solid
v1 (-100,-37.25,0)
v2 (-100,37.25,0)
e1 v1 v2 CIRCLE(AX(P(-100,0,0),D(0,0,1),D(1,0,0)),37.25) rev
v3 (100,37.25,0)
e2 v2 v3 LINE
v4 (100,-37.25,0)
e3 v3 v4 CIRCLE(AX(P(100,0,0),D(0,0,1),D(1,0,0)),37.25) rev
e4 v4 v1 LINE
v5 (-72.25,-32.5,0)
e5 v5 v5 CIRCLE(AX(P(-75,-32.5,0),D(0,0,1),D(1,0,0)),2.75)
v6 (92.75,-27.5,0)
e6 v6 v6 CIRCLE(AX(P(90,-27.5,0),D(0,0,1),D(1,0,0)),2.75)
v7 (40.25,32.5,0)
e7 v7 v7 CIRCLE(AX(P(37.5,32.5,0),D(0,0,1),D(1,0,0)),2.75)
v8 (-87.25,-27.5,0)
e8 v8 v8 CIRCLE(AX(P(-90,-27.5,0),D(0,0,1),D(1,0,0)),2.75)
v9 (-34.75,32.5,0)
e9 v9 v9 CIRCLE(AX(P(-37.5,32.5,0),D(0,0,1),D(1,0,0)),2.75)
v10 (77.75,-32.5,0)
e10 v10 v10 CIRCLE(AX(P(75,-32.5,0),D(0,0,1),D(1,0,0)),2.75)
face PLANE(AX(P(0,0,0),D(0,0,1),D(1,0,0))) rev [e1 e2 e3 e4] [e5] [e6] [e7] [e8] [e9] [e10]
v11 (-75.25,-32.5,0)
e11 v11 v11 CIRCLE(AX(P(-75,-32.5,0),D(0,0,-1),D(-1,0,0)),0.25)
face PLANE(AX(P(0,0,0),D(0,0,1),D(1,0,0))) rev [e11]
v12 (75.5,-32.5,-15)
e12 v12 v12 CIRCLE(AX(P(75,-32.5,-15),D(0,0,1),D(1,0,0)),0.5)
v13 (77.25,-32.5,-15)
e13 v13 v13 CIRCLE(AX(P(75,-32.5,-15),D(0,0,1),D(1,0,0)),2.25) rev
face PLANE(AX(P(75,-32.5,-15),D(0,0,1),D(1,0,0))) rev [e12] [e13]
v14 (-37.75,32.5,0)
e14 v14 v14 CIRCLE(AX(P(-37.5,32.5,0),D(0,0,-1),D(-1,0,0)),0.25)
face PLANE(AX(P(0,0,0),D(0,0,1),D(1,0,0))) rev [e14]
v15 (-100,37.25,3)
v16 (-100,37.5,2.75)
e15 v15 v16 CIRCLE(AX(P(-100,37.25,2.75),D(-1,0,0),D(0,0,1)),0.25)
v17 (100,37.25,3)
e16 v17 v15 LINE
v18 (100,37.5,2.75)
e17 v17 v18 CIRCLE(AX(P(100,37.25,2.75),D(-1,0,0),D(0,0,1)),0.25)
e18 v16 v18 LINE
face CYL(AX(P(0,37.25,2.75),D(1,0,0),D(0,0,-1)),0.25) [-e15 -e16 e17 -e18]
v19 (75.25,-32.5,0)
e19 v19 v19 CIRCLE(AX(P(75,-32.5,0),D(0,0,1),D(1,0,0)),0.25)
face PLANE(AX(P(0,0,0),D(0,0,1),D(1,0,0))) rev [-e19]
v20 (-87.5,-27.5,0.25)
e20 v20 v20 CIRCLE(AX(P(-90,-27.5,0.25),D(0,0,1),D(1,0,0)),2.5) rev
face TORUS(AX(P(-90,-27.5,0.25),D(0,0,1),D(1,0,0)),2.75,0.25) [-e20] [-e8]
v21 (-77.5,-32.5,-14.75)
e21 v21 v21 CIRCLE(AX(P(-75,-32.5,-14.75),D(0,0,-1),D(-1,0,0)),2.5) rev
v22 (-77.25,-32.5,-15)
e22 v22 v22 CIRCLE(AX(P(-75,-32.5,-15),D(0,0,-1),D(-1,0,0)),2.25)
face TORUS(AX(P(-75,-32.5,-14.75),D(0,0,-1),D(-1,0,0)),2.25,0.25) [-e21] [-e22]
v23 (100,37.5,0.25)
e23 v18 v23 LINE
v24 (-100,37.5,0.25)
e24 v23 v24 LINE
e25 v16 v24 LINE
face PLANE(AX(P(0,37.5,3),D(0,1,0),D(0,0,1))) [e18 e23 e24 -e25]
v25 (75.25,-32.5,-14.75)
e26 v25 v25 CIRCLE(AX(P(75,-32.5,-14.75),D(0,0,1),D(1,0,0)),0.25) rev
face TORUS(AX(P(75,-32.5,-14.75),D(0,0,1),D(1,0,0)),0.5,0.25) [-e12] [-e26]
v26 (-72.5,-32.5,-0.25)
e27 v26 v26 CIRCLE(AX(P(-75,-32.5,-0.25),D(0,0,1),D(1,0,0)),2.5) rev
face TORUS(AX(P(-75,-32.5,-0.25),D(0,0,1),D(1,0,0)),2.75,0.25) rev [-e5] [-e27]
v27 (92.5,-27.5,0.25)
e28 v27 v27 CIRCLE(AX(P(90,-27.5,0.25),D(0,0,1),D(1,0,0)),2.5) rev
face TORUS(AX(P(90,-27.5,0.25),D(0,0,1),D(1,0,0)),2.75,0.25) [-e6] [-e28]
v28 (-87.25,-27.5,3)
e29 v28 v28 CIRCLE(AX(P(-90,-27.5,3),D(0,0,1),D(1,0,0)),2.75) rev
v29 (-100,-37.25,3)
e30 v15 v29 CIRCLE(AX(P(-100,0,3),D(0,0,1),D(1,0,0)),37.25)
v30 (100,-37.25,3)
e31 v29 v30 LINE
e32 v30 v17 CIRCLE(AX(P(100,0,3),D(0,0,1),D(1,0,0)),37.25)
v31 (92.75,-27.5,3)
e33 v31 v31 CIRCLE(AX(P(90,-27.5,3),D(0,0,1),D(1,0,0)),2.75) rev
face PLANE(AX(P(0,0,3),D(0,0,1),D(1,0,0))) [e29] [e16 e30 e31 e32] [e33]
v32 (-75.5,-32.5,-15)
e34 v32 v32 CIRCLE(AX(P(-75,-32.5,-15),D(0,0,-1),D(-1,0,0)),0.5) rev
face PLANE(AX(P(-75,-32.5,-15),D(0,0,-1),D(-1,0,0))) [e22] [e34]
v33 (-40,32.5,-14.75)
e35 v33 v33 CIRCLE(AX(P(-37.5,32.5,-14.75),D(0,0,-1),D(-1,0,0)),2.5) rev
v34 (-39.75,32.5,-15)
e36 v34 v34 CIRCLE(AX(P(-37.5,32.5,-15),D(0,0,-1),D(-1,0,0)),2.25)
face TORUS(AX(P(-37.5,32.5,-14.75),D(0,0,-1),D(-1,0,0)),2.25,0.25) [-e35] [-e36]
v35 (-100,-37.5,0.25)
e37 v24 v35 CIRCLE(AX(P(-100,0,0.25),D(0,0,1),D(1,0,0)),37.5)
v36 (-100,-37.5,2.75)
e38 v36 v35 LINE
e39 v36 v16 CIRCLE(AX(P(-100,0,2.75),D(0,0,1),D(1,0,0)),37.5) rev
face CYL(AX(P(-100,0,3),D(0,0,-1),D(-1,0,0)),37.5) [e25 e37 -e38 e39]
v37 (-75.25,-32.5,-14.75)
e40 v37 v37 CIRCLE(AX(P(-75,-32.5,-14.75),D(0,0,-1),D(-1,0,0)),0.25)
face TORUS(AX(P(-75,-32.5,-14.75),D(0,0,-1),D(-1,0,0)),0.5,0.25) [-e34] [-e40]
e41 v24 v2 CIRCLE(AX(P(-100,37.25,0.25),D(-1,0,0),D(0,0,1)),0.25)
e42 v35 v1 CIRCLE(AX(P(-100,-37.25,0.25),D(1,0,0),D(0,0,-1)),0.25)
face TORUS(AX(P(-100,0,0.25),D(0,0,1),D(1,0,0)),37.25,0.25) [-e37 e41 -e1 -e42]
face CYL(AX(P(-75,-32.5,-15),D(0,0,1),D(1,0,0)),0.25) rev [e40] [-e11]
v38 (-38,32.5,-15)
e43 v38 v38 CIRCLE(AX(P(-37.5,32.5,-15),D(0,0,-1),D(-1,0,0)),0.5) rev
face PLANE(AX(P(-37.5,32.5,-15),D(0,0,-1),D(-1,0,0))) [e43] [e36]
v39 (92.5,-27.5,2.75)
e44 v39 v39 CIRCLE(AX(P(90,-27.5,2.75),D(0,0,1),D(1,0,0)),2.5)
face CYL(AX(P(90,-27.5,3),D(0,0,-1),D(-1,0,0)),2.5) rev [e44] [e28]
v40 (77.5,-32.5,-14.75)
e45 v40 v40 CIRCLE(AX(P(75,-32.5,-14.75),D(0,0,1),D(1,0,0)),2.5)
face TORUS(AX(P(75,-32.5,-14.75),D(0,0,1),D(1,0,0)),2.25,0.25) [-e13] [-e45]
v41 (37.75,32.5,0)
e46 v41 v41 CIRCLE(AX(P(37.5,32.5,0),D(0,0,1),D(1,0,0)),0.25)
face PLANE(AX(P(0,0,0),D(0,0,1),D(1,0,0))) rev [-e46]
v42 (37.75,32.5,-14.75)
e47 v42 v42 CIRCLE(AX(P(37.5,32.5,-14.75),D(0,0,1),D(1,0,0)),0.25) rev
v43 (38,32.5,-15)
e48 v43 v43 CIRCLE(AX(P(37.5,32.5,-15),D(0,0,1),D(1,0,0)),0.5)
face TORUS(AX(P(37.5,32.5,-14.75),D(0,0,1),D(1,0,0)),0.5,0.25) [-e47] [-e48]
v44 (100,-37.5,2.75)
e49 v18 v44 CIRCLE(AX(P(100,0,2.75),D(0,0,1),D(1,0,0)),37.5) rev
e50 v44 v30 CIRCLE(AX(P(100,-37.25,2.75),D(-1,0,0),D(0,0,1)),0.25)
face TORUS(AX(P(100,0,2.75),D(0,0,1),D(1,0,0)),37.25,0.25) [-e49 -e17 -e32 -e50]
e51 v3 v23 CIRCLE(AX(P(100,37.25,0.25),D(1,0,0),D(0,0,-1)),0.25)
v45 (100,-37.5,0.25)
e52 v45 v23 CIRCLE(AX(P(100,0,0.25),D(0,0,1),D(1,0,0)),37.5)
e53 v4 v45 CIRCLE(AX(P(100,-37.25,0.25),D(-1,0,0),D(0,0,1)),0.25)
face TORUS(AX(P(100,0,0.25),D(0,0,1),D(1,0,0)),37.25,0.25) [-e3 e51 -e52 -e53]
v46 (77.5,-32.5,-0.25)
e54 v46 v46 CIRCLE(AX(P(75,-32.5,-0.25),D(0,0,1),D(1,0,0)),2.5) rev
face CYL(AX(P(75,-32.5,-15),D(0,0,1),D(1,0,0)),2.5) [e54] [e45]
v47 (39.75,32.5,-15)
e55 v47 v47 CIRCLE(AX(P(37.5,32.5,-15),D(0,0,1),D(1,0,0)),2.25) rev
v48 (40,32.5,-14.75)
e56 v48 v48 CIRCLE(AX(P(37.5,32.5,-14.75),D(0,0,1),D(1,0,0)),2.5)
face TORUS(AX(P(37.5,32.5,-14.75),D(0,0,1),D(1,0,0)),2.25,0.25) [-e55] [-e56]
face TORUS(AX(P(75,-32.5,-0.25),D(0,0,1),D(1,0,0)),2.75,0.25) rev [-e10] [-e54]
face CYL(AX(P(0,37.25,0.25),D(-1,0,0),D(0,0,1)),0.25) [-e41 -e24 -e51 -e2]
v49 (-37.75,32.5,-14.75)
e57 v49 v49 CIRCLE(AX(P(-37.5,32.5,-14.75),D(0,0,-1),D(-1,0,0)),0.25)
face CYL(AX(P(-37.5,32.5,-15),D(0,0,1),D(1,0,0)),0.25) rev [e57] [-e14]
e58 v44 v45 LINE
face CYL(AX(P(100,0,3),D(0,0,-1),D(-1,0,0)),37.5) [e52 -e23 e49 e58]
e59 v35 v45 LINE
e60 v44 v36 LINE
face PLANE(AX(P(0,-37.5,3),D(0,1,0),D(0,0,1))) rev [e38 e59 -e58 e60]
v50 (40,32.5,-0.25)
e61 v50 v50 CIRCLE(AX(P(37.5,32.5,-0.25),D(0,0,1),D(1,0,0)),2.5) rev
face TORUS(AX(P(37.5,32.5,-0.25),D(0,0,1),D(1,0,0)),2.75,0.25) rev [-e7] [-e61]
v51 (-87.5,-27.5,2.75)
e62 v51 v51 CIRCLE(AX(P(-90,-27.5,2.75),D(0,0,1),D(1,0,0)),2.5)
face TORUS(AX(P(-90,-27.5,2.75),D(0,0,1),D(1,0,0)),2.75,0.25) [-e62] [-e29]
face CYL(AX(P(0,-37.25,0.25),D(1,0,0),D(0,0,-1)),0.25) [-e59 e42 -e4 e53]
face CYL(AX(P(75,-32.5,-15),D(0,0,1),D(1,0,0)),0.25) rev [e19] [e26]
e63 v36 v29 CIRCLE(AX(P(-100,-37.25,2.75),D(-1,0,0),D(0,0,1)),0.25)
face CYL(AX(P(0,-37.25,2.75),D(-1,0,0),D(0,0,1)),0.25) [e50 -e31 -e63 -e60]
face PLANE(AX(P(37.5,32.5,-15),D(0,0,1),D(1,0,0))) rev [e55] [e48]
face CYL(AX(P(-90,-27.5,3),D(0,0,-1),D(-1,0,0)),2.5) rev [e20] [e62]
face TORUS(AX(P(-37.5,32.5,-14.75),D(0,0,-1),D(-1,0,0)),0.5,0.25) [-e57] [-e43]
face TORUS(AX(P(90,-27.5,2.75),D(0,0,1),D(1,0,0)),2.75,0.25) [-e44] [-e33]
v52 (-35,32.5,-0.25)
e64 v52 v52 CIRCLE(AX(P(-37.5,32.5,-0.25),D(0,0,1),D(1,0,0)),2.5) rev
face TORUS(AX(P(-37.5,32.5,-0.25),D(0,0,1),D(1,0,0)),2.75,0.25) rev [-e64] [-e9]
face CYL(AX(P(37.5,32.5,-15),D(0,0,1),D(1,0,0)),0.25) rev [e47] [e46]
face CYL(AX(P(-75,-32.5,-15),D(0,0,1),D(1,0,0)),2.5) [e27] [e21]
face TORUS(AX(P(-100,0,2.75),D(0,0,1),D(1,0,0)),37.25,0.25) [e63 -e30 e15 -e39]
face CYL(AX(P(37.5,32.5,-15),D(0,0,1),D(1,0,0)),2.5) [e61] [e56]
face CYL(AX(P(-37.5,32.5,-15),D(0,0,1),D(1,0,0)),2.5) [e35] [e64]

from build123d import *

# Parameters (mm, degrees)
SKETCH1_R           = 2.5
BOSS_EXTRUDE2_DEPTH = 3
SKETCH1_4_R         = 2.5
SKETCH1_4_R_2       = 0.25
EXTRUDE_THIN1_DEPTH = 15
FILLET2_R           = 0.25
FILLET3_R           = 0.25


with BuildPart() as part:
    # Sketch1 → Boss-Extrude2 (new body)
    with BuildSketch(Plane.XY):
        with BuildLine():
            Line((100, 37.5), (-100, 37.5))
            ThreePointArc((-100, 37.5), (-137.5, 0), (-100, -37.5))
            Line((-100, -37.5), (100, -37.5))
            ThreePointArc((100, -37.5), (137.5, 0), (100, 37.5))
        make_face()
        with Locations((-90, -27.5)):
            Circle(SKETCH1_R, mode=Mode.SUBTRACT)
        with Locations((90, -27.5)):
            Circle(SKETCH1_R, mode=Mode.SUBTRACT)
    extrude(amount=BOSS_EXTRUDE2_DEPTH)

    # Sketch1<4> → Extrude-Thin1 (add)
    # profile 1 of 4: a face of its own
    with BuildSketch(Plane.XY):
        with Locations((75, -32.5)):
            Circle(SKETCH1_4_R)
        with Locations((75, -32.5)):
            Circle(SKETCH1_4_R_2, mode=Mode.SUBTRACT)
    # profile 2 of 4: a face of its own
    with BuildSketch(Plane.XY):
        with Locations((37.5, 32.5)):
            Circle(SKETCH1_4_R)
        with Locations((37.5, 32.5)):
            Circle(SKETCH1_4_R_2, mode=Mode.SUBTRACT)
    # profile 3 of 4: a face of its own
    with BuildSketch(Plane.XY):
        with Locations((-75, -32.5)):
            Circle(SKETCH1_4_R)
        with Locations((-75, -32.5)):
            Circle(SKETCH1_4_R_2, mode=Mode.SUBTRACT)
    # profile 4 of 4: a face of its own
    with BuildSketch(Plane.XY):
        with Locations((-37.5, 32.5)):
            Circle(SKETCH1_4_R)
        with Locations((-37.5, 32.5)):
            Circle(SKETCH1_4_R_2, mode=Mode.SUBTRACT)
    extrude(amount=-EXTRUDE_THIN1_DEPTH)

    # Fillet2
    fillet2_edges = [part.edges().sort_by_distance(p)[0] for p in [
        (0, -37.5, 0),
        (-137.5, 0, 0),
        (0, 37.5, 0),
        (-92.5, -27.5, 3),
        (87.5, -27.5, 3),
        (-137.5, 0, 3),
        (0, 37.5, 3),
        (137.5, 0, 3),
        (0, -37.5, 3),
        (72.5, -32.5, -15),
        (74.75, -32.5, -15),
        (-75.25, -32.5, -15),
        (-77.5, -32.5, -15),
        (-37.75, 32.5, -15),
        (-40, 32.5, -15),
        (35, 32.5, -15),
        (37.25, 32.5, -15),
        (137.5, 0, 0),
    ]]
    fillet(fillet2_edges, radius=FILLET2_R)

    # Fillet3
    fillet3_edges = [part.edges().sort_by_distance(p)[0] for p in [
        (-92.5, -27.5, 0),
        (87.5, -27.5, 0),
        (35, 32.5, 0),
        (-40, 32.5, 0),
        (-77.5, -32.5, 0),
        (72.5, -32.5, 0),
    ]]
    fillet(fillet3_edges, radius=FILLET3_R)


solid = part.part
